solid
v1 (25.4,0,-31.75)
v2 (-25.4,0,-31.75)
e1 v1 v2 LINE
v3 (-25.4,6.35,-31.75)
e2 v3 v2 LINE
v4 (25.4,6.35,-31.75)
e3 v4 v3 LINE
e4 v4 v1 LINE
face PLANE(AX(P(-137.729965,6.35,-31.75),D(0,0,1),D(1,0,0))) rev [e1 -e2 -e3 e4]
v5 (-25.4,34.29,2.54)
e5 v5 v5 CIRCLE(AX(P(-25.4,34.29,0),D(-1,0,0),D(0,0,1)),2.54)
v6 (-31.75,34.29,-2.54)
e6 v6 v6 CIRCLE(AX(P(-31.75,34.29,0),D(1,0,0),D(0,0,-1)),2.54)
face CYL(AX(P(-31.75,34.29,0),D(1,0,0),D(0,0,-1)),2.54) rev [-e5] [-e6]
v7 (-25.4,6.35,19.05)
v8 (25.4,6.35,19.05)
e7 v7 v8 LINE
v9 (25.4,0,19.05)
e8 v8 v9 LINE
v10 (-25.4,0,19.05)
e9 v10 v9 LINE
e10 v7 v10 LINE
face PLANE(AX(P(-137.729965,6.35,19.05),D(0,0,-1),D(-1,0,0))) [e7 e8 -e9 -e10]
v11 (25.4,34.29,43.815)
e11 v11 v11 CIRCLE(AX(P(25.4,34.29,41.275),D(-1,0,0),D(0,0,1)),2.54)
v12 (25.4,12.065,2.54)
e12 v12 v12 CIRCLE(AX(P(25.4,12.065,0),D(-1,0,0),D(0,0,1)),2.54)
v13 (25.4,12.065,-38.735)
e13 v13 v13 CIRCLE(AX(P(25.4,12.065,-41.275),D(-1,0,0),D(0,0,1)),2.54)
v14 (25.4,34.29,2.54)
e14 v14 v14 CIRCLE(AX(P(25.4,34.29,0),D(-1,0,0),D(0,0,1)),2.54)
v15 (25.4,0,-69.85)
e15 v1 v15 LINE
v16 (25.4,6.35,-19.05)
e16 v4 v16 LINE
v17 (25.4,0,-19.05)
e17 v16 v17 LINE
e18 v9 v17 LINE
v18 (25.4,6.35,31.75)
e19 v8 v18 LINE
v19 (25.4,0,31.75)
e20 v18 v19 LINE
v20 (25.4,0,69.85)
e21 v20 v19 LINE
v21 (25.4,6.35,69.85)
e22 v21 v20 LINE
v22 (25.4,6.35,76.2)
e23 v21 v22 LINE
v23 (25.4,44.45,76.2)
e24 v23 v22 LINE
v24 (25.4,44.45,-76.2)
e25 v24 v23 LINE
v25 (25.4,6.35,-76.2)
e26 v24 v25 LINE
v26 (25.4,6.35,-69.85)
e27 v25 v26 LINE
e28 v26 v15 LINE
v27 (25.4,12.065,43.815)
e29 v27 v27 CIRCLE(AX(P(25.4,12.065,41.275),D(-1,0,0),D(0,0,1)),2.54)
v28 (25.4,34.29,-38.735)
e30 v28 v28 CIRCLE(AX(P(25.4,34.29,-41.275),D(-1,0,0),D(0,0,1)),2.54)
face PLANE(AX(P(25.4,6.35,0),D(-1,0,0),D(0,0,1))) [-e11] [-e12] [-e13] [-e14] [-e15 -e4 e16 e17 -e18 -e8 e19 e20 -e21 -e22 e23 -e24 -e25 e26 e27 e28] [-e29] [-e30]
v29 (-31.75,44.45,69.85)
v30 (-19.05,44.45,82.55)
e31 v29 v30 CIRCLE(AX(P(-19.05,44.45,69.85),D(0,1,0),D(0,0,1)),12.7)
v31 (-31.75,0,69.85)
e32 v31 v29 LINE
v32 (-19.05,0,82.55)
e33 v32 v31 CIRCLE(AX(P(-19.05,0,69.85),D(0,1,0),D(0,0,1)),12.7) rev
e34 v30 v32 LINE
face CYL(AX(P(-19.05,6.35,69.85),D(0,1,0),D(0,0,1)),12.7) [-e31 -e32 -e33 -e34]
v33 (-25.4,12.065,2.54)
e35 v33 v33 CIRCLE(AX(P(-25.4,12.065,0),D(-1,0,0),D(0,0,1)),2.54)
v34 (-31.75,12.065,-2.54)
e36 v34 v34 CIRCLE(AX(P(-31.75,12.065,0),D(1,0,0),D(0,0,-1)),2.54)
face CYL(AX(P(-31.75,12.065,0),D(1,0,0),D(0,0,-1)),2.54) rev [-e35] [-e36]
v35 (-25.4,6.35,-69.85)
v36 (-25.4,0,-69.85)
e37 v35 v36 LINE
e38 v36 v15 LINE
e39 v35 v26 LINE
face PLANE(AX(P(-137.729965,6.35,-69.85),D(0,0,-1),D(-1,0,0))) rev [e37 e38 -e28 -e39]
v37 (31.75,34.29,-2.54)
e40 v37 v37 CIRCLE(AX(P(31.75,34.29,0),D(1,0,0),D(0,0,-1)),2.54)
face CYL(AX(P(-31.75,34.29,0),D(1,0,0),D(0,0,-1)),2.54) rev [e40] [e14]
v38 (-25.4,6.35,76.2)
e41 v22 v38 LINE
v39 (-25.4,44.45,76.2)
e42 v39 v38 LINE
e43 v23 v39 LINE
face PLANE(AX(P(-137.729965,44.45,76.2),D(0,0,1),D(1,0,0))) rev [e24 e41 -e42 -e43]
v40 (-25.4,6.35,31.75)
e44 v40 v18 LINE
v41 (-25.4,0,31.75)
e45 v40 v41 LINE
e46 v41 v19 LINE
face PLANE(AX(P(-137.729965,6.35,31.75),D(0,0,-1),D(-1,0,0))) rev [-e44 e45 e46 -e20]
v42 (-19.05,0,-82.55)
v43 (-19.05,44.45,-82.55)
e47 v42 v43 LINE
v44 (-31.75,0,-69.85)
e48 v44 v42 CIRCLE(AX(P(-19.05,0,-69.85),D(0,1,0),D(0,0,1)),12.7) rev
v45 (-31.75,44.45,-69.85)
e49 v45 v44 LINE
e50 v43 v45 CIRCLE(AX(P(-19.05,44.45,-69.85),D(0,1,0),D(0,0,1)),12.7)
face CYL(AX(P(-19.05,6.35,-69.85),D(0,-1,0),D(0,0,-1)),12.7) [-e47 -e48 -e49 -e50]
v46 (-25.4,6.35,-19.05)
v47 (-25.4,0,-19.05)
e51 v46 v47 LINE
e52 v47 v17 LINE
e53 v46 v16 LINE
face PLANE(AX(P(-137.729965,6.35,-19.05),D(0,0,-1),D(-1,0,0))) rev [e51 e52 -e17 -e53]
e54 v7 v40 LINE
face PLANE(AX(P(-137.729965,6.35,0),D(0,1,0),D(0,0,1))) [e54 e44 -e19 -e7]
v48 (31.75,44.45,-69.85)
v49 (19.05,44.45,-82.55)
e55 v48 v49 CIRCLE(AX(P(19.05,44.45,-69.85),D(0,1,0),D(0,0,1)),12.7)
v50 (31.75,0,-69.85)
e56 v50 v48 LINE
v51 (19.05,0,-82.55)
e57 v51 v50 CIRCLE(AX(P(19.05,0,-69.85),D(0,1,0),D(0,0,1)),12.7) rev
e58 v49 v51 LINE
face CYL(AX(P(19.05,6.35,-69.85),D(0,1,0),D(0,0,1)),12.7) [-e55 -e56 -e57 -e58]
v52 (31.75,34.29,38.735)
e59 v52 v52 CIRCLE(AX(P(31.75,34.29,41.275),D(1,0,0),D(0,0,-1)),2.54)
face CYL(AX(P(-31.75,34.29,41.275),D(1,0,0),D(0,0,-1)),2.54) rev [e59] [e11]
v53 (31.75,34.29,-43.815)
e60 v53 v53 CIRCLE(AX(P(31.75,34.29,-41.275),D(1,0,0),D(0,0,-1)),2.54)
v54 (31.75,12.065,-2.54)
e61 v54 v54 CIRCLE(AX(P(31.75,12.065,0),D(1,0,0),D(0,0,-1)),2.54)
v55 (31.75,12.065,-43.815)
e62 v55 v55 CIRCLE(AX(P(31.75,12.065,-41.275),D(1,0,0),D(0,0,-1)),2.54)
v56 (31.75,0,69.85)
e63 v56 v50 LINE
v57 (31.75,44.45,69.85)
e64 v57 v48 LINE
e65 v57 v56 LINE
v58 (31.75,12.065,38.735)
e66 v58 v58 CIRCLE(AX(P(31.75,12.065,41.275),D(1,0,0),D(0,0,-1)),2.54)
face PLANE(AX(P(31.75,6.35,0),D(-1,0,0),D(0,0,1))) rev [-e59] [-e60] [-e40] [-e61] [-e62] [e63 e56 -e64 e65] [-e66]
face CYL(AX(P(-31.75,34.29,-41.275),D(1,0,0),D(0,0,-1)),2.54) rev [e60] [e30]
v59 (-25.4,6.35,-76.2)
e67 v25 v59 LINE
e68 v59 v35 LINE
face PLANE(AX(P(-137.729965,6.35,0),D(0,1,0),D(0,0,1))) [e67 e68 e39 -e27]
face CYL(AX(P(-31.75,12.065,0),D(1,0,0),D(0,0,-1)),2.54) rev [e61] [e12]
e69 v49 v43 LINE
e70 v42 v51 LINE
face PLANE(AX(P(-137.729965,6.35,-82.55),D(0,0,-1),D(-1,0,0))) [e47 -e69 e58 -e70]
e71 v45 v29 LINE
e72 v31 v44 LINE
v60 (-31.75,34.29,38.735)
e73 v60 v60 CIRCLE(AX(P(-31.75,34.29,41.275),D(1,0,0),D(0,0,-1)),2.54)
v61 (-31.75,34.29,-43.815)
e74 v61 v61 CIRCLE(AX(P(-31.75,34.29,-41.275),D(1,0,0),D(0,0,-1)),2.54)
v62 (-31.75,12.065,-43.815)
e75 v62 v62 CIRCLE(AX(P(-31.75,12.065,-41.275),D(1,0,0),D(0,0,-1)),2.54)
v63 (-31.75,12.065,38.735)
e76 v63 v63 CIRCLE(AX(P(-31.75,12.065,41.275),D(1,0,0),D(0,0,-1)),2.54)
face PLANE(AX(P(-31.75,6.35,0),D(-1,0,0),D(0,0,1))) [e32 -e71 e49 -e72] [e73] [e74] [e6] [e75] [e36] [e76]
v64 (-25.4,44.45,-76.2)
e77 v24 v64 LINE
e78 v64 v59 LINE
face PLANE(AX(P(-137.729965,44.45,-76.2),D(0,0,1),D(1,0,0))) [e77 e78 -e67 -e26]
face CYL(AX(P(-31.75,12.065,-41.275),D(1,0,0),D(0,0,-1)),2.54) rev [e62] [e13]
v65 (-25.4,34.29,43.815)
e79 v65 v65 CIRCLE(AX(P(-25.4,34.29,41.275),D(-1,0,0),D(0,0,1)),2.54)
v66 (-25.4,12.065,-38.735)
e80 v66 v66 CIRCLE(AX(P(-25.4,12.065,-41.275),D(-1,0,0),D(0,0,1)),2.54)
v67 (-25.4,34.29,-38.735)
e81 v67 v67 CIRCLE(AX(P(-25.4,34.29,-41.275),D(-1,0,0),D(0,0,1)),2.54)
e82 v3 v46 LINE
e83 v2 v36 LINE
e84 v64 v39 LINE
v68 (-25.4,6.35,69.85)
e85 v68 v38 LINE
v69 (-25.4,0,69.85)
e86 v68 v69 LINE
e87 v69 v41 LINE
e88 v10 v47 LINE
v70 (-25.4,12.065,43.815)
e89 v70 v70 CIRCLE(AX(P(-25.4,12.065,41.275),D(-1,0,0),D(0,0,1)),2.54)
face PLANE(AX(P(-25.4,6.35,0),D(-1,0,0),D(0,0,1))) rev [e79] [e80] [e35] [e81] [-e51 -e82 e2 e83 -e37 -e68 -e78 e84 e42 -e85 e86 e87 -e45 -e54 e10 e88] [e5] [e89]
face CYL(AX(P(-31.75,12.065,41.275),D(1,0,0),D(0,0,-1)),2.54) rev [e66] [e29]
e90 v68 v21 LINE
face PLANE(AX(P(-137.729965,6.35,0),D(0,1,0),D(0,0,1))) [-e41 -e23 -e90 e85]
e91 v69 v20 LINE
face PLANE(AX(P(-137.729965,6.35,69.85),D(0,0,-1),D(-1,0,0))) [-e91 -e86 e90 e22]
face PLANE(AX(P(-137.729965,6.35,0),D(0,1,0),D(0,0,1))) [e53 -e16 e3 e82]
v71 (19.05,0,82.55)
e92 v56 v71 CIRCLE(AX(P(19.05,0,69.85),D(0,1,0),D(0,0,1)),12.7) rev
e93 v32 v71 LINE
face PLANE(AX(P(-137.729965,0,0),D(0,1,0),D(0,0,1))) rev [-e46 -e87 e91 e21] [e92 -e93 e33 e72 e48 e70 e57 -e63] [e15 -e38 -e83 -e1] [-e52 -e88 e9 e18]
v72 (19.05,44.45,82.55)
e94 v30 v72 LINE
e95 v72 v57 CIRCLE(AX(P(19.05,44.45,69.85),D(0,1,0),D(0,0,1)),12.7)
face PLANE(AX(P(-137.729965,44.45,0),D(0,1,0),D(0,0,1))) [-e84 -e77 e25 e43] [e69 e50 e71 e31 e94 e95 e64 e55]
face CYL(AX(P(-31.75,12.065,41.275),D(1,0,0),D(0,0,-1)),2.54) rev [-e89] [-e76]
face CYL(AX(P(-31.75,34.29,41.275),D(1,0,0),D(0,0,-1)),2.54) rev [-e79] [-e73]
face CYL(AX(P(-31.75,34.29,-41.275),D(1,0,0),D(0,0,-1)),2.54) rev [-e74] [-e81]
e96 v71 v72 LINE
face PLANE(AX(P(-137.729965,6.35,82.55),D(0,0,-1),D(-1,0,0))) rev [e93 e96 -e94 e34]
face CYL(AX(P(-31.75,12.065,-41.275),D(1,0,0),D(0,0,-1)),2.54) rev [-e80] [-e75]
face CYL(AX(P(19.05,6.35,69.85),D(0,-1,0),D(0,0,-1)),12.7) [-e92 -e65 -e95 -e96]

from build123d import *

# Parameters (mm, degrees)
SKETCH1_W           = 50.8
SKETCH1_H           = 38.1
MOUNT_BASE_DEPTH    = 6.35
SKETCH5_W           = 63.5
SKETCH5_H           = 165.1
BOSS_EXTRUDE2_DEPTH = 38.1
SKETCH4_R           = 2.54
CUT_EXTRUDE1_DEPTH  = 114.236721076
OUTSIDE_VERTICES_R  = 12.7


with BuildPart() as part:
    # Sketch1 → Mount Base (new body)
    with BuildSketch(Plane(origin=(0, 0, 0), x_dir=(1, 0, 0), z_dir=(0, 1, 0))):
        Polygon((-31.75, 82.55), (-31.75, -82.55), (31.75, -82.55), (31.75, 82.55), (25.4, 82.55), align=None)
        with Locations((0, -50.8)):
            Rectangle(SKETCH1_W, SKETCH1_H, mode=Mode.SUBTRACT)
        Rectangle(SKETCH1_W, SKETCH1_H, mode=Mode.SUBTRACT)
        with Locations((0, 50.8)):
            Rectangle(SKETCH1_W, SKETCH1_H, mode=Mode.SUBTRACT)
    extrude(amount=MOUNT_BASE_DEPTH)

    # Sketch5 → Boss-Extrude2 (add)
    with BuildSketch(Plane(origin=(0, 6.35, 0), x_dir=(-1, 0, 0), z_dir=(0, 1, 0))):
        Rectangle(SKETCH5_W, SKETCH5_H)
        Polygon((25.4, -76.2), (-25.4, -76.2), (-25.4, -69.85), (-25.4, -31.75), (-25.4, -19.05), (-25.4, 19.05), (-25.4, 31.75), (-25.4, 69.85), (-25.4, 76.2), (25.4, 76.2), (25.4, 69.85), (25.4, 31.75), (25.4, 19.05), (25.4, -19.05), (25.4, -31.75), (25.4, -69.85), align=None, mode=Mode.SUBTRACT)
    extrude(amount=BOSS_EXTRUDE2_DEPTH)

    # Sketch4 → Cut-Extrude1 (cut, through all)
    with BuildSketch(Plane(origin=(31.75, 0, 0), x_dir=(0, 0, -1), z_dir=(1, 0, 0))):
        with Locations((0, 34.29)):
            Circle(SKETCH4_R)
        with Locations((41.275, 34.29)):
            Circle(SKETCH4_R)
        with Locations((-41.275, 34.29)):
            Circle(SKETCH4_R)
        with Locations((-41.275, 12.065)):
            Circle(SKETCH4_R)
        with Locations((41.275, 12.065)):
            Circle(SKETCH4_R)
        with Locations((0, 12.065)):
            Circle(SKETCH4_R)
    extrude(amount=-CUT_EXTRUDE1_DEPTH, mode=Mode.SUBTRACT)

    # Outside Vertices
    outside_vertices_edges = [part.edges().sort_by_distance(p)[0] for p in [
        (31.75, 22.225, 82.55),
        (-31.75, 22.225, 82.55),
        (-31.75, 22.225, -82.55),
        (31.75, 22.225, -82.55),
    ]]
    fillet(outside_vertices_edges, radius=OUTSIDE_VERTICES_R)


solid = part.part
